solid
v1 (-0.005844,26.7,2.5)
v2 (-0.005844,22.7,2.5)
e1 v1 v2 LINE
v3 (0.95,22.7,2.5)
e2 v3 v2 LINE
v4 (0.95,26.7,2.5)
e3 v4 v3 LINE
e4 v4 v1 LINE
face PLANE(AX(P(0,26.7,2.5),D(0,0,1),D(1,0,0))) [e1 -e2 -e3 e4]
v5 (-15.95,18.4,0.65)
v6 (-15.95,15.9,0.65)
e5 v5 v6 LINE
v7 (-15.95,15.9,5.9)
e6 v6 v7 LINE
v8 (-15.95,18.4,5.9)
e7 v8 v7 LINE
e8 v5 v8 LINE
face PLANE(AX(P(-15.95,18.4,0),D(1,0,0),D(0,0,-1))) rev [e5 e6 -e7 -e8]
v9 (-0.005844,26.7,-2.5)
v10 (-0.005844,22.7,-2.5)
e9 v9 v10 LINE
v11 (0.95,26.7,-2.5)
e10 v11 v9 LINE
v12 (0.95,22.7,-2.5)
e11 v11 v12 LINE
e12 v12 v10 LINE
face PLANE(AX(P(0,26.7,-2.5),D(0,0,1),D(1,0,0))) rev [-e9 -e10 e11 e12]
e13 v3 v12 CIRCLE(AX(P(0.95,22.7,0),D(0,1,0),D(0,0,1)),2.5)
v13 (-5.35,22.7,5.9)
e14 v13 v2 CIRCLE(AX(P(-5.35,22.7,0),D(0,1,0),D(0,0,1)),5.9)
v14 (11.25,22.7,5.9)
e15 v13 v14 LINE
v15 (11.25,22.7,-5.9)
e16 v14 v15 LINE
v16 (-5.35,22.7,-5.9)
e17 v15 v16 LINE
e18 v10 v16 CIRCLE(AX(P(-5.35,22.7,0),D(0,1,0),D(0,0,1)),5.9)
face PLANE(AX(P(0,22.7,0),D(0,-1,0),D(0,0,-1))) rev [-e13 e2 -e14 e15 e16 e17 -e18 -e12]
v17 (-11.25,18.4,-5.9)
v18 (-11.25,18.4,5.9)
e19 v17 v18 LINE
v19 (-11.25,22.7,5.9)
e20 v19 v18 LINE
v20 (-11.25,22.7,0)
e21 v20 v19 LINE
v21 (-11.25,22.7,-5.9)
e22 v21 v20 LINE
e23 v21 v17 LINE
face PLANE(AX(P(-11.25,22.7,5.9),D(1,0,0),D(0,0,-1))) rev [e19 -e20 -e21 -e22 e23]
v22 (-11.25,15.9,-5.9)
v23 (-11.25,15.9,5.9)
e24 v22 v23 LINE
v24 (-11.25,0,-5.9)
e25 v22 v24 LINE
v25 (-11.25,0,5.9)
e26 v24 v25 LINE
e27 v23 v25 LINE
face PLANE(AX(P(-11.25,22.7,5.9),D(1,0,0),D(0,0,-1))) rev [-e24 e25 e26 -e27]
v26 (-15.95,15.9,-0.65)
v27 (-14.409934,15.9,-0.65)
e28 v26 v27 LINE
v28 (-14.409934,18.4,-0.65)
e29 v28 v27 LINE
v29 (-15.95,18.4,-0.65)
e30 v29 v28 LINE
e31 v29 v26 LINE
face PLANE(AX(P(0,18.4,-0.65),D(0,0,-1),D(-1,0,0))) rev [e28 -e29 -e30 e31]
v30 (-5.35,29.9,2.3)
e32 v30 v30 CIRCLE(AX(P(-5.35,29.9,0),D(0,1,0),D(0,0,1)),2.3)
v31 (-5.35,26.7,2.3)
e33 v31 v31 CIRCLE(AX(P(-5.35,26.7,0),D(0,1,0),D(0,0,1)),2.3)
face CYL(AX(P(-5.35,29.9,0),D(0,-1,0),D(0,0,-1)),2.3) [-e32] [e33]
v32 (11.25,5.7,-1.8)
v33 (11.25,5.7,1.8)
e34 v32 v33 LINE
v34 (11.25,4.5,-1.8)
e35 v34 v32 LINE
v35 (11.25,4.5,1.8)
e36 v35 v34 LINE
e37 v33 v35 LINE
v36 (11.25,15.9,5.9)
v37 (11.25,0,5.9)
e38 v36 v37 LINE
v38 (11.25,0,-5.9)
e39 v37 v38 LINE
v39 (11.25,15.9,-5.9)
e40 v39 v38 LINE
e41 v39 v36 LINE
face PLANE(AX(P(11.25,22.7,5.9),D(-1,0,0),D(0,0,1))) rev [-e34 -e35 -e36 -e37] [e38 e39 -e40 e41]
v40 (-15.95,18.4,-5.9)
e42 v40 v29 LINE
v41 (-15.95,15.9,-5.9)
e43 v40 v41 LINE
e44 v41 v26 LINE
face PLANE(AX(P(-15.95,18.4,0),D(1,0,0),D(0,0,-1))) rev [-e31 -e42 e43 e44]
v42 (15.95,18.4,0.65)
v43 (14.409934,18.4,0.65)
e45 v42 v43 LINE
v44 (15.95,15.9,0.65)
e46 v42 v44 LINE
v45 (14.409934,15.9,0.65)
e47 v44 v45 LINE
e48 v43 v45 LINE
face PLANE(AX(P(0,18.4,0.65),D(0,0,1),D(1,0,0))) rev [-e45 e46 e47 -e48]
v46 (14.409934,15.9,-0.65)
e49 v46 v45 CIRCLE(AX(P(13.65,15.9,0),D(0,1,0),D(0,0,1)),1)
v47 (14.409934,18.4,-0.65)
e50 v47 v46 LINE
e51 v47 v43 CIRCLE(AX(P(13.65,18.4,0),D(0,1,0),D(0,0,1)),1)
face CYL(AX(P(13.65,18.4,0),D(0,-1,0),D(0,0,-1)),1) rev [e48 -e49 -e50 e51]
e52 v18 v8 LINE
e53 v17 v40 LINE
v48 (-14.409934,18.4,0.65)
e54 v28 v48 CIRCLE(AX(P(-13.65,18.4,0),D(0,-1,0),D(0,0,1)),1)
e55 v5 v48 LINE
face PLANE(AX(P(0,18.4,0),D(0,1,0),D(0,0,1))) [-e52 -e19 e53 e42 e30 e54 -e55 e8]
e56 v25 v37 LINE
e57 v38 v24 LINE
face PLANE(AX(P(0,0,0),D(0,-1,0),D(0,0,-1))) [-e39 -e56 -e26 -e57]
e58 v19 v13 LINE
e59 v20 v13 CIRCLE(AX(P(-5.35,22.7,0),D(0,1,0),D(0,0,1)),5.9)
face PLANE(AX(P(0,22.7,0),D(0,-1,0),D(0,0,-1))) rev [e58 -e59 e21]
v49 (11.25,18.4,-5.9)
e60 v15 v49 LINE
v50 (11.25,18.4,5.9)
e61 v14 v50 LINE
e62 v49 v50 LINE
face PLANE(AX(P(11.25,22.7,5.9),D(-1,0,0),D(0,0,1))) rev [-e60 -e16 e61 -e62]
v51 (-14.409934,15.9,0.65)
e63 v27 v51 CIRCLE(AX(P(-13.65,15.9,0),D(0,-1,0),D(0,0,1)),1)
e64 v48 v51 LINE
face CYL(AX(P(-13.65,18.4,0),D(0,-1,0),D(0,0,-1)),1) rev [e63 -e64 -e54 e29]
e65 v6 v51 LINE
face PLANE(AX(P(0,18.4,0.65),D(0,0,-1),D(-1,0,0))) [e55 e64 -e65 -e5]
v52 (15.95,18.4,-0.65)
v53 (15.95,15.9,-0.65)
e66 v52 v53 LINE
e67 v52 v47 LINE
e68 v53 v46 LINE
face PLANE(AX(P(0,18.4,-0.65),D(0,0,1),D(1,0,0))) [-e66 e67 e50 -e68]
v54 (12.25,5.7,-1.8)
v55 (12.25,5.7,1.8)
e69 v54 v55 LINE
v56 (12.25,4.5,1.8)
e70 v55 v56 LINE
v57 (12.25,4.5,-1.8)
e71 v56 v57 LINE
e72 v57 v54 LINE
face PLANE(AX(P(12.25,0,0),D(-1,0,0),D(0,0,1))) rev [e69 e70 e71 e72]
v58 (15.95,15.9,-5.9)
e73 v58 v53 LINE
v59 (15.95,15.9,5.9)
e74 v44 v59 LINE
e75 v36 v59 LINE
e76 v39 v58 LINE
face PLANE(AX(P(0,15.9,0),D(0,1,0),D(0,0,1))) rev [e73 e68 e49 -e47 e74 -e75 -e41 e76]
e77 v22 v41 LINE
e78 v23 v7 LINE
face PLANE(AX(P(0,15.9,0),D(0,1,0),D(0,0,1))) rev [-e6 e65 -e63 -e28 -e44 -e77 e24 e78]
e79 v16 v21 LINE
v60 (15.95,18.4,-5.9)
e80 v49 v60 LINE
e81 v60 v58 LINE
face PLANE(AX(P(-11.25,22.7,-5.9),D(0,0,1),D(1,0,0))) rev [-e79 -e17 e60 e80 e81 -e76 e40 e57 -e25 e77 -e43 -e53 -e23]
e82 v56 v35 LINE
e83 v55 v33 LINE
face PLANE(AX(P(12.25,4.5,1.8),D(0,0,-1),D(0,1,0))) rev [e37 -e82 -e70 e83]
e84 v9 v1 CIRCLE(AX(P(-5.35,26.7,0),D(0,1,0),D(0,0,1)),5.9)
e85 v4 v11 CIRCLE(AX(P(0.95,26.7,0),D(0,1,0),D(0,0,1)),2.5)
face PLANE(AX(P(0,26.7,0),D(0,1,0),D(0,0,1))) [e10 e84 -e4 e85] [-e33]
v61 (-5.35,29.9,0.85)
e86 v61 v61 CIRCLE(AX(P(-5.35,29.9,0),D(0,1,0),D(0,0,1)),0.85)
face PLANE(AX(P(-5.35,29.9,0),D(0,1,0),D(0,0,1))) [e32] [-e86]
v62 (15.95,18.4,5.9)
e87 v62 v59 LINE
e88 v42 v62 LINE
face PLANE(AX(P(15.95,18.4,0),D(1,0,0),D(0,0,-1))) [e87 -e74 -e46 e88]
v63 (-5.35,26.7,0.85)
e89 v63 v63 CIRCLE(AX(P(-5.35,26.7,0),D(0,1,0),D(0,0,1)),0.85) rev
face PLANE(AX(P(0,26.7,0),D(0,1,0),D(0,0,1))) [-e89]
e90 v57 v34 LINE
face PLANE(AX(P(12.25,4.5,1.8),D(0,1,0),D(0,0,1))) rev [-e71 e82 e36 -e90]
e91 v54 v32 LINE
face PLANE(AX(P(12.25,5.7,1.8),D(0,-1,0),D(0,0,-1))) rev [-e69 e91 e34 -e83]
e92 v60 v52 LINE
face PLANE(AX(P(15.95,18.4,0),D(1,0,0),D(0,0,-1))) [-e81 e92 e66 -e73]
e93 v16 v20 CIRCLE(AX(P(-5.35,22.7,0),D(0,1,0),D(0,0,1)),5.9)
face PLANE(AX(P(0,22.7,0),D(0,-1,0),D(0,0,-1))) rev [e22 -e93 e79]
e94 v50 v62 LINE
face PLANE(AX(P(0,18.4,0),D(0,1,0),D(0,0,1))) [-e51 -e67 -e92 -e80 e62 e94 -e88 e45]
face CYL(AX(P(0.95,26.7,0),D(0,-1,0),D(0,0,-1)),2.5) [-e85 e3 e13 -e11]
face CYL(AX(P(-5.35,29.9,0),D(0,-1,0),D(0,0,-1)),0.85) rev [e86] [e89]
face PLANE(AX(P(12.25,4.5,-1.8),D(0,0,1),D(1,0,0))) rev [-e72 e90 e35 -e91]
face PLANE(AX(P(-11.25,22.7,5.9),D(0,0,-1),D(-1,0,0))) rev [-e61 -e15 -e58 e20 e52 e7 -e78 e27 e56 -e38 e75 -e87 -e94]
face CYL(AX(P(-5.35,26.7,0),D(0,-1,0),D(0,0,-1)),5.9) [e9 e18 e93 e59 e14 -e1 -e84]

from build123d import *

# Parameters (mm, degrees)
SKETCH1_W           = 22.5
SKETCH1_H           = 11.8
BOSS_EXTRUDE1_DEPTH = 22.7
BOSS_EXTRUDE2_START = 15.9
BOSS_EXTRUDE2_DEPTH = 2.5
BOSS_EXTRUDE3_DEPTH = 4
SKETCH4_R           = 2.3
SKETCH4_R_2         = 0.85
BOSS_EXTRUDE4_DEPTH = 3.2
SKETCH5_W           = 3.6
SKETCH5_H           = 1.2
BOSS_EXTRUDE5_DEPTH = 1


with BuildPart() as part:
    # Sketch1 → Boss-Extrude1 (new body)
    with BuildSketch(Plane(origin=(0, 0, 0), x_dir=(1, 0, 0), z_dir=(0, 1, 0))):
        Rectangle(SKETCH1_W, SKETCH1_H)
    extrude(amount=BOSS_EXTRUDE1_DEPTH)

    # Sketch2 → Boss-Extrude2 (add)
    with BuildSketch(Plane(origin=(0, 0, 0), x_dir=(1, 0, 0), z_dir=(0, 1, 0)).offset(BOSS_EXTRUDE2_START)):
        with BuildLine():
            Line((15.95, 5.9), (11.25, 5.9))
            Line((11.25, 5.9), (11.25, -5.9))
            Line((11.25, -5.9), (15.95, -5.9))
            Line((15.95, -5.9), (15.95, -0.65))
            Line((15.95, -0.65), (14.409934208, -0.65))
            ThreePointArc((14.409934208, -0.65), (12.65, 0), (14.409934208, 0.65))
            Line((14.409934208, 0.65), (15.95, 0.65))
            Line((15.95, 0.65), (15.95, 5.9))
        make_face()
    boss_extrude2 = extrude(amount=BOSS_EXTRUDE2_DEPTH)

    # Mirror1: Boss-Extrude2 across plane
    add(boss_extrude2.mirror(Plane(origin=(0, 0, 0), x_dir=(0, 0, 1), z_dir=(1, 0, 0))))

    # Sketch3 → Boss-Extrude3 (add)
    with BuildSketch(Plane(origin=(0, 22.7, 0), x_dir=(1, 0, 0), z_dir=(0, 1, 0))):
        with BuildLine():
            ThreePointArc((-0.005844314, 2.5), (-11.25, 0), (-0.005844314, -2.5))
            Line((-0.005844314, -2.5), (0.95, -2.5))
            ThreePointArc((0.95, -2.5), (3.45, 0), (0.95, 2.5))
            Line((0.95, 2.5), (-0.005844314, 2.5))
        make_face()
    extrude(amount=BOSS_EXTRUDE3_DEPTH)

    # Sketch4 → Boss-Extrude4 (add)
    with BuildSketch(Plane(origin=(0, 26.7, 0), x_dir=(1, 0, 0), z_dir=(0, 1, 0))):
        with Locations((-5.35, 0)):
            Circle(SKETCH4_R)
        with Locations((-5.35, 0)):
            Circle(SKETCH4_R_2, mode=Mode.SUBTRACT)
    extrude(amount=BOSS_EXTRUDE4_DEPTH)

    # Sketch5 → Boss-Extrude5 (add)
    with BuildSketch(Plane(origin=(11.25, 0, 0), x_dir=(0, 0, -1), z_dir=(1, 0, 0))):
        with Locations((0, 5.1)):
            Rectangle(SKETCH5_W, SKETCH5_H)
    extrude(amount=BOSS_EXTRUDE5_DEPTH)


solid = part.part
